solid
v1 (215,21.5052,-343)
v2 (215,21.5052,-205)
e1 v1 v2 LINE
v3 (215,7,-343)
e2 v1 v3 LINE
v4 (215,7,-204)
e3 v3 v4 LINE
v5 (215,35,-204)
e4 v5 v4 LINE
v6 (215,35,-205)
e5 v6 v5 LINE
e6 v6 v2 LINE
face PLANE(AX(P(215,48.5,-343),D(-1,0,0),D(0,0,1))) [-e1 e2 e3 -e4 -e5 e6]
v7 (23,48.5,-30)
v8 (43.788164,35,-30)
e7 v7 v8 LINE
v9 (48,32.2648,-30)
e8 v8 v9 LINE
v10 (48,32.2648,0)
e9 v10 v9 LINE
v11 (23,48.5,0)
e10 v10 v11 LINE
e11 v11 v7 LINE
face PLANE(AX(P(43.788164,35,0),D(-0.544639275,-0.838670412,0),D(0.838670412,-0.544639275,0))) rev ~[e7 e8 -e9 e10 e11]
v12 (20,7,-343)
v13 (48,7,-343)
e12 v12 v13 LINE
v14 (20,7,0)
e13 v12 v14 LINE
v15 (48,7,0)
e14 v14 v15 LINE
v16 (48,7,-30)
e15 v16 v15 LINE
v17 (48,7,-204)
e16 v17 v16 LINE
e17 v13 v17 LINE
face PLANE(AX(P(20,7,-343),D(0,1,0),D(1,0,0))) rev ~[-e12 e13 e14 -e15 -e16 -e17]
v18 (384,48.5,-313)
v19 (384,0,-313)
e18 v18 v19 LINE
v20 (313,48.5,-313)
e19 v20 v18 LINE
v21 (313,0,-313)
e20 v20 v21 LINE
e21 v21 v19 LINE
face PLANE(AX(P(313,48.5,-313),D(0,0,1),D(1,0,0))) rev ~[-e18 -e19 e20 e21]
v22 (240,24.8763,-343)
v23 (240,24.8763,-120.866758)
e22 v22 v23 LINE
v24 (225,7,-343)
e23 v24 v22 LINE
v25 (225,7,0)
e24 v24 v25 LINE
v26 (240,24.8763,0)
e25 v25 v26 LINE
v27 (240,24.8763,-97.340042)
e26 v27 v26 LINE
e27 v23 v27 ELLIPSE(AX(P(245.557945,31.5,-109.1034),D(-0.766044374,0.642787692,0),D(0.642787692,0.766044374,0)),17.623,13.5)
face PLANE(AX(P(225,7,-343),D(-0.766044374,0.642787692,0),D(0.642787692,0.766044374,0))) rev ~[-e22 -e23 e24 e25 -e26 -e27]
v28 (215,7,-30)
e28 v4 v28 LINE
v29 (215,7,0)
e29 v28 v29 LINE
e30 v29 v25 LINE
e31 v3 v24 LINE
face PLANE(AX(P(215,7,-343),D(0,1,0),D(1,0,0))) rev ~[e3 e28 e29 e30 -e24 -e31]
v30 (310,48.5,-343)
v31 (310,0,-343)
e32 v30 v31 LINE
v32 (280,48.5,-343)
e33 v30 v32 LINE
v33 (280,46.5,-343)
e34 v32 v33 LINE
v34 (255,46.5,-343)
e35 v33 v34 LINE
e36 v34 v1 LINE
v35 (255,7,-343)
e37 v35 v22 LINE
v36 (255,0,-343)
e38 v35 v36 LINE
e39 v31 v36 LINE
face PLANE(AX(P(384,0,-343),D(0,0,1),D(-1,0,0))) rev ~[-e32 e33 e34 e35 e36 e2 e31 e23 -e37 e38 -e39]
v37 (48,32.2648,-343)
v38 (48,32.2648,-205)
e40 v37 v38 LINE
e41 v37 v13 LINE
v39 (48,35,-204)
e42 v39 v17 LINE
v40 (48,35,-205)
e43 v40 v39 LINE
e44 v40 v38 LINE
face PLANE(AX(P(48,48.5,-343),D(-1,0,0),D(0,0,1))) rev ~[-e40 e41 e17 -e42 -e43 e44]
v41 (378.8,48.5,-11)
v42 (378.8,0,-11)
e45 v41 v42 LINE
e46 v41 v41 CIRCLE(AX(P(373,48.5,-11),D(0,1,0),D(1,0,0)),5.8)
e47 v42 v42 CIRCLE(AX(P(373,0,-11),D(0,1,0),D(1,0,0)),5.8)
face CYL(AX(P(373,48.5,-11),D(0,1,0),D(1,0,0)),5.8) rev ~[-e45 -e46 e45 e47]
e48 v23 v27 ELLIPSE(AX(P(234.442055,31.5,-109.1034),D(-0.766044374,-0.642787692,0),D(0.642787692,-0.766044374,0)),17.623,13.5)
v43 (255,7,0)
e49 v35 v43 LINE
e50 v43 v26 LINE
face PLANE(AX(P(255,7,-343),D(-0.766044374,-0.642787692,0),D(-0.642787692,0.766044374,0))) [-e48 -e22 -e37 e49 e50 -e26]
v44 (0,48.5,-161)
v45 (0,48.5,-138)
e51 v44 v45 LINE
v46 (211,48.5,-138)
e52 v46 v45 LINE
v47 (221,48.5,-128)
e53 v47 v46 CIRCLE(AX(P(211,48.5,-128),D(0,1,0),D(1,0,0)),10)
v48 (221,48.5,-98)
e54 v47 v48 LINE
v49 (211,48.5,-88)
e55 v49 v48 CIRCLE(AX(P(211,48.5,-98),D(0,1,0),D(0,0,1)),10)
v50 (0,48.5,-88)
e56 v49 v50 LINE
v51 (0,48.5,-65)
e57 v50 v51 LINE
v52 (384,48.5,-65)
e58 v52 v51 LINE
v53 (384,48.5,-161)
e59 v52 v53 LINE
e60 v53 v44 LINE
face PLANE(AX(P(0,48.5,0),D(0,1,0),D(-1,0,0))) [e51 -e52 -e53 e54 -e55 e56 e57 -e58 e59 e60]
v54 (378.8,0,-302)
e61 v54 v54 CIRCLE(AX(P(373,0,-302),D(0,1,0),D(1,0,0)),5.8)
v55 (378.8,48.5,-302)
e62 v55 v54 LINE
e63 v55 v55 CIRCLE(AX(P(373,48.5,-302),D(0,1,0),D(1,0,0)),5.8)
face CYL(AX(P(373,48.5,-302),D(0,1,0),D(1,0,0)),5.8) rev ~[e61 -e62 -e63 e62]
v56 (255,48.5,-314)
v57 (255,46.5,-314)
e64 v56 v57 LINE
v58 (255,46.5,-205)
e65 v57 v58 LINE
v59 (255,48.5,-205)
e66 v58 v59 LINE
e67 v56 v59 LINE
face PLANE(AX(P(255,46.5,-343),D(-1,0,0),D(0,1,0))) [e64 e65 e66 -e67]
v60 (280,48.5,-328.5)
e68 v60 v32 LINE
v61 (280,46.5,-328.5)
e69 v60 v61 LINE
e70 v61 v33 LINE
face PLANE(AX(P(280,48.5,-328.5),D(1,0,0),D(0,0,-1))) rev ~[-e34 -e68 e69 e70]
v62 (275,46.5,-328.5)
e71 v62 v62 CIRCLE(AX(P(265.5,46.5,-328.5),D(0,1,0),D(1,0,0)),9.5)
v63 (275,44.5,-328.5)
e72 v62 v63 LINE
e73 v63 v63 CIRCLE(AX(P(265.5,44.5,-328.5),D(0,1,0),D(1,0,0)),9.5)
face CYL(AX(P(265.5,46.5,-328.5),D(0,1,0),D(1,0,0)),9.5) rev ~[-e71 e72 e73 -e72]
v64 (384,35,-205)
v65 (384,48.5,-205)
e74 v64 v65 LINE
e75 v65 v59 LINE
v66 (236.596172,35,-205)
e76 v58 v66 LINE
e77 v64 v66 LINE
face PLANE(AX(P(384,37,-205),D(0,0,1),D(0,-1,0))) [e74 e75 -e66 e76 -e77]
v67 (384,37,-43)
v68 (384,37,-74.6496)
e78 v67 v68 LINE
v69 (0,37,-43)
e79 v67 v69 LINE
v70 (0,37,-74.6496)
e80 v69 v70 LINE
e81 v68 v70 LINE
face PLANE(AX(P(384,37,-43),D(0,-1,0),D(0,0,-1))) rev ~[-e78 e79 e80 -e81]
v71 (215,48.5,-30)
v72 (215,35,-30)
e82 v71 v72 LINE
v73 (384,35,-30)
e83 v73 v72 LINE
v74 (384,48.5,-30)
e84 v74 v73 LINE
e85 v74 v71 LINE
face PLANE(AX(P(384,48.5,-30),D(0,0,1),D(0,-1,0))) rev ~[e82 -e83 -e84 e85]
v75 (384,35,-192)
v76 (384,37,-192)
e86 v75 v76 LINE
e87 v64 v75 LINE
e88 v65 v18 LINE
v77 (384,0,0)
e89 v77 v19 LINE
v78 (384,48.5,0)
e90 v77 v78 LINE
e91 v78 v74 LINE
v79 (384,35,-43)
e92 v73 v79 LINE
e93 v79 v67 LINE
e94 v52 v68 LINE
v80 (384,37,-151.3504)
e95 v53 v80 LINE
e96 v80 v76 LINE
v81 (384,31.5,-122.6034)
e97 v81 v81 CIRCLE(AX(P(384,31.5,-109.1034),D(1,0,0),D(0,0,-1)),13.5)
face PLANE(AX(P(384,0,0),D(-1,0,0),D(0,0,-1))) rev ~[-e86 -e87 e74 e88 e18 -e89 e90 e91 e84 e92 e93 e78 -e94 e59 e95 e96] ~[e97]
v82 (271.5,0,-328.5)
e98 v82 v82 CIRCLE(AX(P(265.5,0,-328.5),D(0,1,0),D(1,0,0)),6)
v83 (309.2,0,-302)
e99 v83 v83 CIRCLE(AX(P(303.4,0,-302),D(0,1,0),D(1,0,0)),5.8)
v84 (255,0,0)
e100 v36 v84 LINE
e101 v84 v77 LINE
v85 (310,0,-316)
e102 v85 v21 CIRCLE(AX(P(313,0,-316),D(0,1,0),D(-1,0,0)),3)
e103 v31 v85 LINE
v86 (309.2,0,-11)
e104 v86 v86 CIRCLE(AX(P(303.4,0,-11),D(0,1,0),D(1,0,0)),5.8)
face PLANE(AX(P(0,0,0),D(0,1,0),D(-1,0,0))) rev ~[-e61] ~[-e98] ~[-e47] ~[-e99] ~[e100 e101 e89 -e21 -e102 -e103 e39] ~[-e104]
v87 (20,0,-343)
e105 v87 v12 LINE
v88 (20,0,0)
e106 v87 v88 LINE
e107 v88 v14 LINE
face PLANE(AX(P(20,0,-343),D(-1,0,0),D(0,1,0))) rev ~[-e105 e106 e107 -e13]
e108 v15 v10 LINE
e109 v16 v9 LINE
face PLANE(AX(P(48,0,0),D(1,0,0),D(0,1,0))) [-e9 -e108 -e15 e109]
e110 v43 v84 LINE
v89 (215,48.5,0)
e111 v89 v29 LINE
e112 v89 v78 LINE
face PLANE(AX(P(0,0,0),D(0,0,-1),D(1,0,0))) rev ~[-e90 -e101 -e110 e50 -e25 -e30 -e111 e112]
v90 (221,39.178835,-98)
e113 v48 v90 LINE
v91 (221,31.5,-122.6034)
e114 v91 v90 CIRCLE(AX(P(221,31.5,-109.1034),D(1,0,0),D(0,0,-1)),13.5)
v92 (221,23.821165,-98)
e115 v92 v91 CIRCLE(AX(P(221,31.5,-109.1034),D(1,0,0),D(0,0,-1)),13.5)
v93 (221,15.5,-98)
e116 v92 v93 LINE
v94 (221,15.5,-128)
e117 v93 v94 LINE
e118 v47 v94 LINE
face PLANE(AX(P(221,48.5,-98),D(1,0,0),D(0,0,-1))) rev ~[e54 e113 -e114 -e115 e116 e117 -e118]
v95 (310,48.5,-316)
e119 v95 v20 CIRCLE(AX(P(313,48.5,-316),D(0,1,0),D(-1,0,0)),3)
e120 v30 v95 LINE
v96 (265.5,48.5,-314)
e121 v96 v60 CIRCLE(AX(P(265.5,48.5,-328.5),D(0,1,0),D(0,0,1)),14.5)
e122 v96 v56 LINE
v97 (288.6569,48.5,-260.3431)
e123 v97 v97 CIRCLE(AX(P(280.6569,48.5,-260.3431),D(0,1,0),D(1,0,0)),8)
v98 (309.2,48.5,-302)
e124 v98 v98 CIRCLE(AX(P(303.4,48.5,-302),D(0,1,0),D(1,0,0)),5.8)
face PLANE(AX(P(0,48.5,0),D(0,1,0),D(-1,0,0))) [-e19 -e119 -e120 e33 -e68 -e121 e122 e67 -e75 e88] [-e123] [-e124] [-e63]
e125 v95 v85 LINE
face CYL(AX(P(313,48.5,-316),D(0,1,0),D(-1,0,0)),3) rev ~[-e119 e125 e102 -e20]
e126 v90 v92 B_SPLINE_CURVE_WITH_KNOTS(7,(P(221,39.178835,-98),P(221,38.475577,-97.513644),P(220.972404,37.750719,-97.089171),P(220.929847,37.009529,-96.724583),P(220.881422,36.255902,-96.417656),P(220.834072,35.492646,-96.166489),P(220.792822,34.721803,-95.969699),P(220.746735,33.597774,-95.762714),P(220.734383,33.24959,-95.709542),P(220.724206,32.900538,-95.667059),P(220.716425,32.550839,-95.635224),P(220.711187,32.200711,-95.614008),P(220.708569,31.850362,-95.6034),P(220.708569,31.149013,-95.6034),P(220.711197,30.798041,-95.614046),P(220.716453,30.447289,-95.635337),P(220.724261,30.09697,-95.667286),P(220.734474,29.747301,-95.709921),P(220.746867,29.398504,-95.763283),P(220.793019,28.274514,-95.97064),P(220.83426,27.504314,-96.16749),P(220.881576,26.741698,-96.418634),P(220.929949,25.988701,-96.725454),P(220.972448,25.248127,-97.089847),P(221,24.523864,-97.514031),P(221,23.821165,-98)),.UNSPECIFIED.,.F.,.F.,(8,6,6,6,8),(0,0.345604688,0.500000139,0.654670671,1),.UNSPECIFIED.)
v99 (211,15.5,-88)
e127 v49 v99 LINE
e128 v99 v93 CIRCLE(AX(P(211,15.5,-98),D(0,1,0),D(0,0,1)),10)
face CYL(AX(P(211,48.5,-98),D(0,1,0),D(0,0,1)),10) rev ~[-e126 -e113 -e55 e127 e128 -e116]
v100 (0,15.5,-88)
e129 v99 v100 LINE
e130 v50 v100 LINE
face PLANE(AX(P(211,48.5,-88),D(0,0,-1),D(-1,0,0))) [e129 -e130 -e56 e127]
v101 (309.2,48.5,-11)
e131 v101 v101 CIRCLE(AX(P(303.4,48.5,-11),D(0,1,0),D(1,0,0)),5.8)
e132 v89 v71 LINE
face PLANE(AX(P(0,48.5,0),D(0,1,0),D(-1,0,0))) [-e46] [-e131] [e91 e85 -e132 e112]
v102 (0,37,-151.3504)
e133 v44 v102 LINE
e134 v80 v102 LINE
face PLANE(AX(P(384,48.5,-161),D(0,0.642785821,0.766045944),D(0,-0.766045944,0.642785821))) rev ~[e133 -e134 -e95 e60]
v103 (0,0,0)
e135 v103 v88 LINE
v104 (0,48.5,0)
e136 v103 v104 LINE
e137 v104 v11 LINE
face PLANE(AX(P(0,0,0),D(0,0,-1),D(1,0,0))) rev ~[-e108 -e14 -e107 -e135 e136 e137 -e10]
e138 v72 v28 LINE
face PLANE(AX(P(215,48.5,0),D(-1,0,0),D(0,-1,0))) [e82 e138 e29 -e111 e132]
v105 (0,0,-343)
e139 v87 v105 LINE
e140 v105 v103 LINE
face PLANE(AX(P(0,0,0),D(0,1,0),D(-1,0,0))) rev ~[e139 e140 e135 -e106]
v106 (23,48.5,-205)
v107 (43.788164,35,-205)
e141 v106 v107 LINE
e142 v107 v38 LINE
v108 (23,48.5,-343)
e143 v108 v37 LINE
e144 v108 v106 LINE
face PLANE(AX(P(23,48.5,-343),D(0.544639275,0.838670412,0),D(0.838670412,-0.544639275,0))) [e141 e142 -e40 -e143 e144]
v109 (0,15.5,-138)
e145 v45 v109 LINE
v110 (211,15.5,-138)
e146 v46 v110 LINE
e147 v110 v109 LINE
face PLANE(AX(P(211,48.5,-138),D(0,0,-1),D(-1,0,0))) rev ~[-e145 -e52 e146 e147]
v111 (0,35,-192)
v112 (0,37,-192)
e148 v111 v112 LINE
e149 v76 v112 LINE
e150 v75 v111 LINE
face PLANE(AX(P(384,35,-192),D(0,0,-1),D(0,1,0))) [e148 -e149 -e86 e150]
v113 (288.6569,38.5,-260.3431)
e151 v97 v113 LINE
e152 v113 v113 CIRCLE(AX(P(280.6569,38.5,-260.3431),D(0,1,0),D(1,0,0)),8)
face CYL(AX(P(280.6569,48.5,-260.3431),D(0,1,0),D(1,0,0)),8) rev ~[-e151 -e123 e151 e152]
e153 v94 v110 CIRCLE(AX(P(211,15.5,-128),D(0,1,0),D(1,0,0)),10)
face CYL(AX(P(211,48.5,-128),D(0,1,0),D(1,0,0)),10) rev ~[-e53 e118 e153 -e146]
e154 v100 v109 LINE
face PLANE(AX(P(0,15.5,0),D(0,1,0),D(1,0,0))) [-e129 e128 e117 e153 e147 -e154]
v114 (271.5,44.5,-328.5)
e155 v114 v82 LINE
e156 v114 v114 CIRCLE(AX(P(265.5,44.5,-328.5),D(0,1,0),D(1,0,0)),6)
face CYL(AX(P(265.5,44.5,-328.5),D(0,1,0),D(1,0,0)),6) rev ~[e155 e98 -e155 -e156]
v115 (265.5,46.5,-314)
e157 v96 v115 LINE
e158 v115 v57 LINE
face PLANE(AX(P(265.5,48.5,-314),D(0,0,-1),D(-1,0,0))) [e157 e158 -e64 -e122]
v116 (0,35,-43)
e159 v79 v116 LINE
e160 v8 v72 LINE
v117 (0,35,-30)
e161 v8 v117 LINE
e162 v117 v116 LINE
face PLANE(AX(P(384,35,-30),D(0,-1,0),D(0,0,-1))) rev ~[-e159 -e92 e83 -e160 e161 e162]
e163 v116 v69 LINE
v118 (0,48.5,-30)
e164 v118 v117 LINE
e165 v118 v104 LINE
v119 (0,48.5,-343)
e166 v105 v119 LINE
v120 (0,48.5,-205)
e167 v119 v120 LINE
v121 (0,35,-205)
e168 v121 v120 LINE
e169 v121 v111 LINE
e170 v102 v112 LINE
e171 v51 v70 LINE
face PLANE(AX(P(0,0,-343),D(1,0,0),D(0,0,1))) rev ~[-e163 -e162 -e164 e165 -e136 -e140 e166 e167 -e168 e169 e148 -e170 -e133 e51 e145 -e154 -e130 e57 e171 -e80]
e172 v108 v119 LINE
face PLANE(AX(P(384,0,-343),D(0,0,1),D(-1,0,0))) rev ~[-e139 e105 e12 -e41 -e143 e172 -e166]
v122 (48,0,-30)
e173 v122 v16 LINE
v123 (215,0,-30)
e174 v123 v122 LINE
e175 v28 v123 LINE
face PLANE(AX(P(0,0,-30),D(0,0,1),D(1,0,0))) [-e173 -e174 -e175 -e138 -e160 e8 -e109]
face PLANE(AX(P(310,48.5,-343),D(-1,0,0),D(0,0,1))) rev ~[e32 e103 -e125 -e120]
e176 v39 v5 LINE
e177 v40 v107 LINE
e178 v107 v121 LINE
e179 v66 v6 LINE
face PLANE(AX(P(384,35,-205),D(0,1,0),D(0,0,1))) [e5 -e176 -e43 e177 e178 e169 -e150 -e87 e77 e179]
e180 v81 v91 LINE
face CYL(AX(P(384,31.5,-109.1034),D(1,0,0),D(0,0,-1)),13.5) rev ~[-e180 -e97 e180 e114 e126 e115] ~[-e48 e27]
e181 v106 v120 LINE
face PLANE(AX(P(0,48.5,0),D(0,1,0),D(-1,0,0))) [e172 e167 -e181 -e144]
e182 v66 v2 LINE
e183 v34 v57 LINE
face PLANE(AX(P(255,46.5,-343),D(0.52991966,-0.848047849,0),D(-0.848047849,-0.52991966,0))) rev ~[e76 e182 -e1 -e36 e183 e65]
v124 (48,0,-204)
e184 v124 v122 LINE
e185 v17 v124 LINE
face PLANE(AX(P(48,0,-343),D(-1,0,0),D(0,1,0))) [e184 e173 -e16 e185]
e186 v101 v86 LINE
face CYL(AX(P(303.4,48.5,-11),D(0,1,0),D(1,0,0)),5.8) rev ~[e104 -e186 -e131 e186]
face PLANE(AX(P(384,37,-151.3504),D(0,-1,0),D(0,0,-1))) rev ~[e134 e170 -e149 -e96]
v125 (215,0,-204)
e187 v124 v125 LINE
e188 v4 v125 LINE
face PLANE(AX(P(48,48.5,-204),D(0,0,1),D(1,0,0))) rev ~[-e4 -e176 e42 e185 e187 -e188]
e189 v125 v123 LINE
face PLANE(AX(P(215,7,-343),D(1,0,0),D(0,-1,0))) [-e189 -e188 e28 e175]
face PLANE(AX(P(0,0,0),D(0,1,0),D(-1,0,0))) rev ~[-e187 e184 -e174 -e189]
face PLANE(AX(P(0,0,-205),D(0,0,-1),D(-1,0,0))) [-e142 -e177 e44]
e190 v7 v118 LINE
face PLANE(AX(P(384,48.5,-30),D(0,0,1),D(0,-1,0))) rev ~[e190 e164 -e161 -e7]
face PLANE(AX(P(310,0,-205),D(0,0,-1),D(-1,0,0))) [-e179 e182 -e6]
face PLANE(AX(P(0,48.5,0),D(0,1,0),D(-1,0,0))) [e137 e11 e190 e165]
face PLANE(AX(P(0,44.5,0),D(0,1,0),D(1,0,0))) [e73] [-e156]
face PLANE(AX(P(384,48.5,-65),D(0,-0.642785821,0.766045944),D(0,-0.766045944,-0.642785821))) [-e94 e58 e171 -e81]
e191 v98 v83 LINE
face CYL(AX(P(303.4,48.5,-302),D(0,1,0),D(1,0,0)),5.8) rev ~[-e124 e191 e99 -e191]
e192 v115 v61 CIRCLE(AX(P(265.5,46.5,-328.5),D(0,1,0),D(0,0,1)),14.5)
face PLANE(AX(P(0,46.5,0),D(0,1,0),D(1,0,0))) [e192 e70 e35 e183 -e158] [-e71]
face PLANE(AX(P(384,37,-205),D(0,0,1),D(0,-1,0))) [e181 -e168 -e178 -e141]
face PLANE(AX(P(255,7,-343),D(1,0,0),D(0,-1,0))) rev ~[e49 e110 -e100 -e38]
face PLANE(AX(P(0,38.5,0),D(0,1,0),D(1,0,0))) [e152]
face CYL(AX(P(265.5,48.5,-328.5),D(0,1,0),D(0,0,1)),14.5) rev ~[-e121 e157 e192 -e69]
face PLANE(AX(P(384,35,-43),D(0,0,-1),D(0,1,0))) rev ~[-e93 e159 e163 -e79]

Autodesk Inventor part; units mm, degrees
ref_plane "YZ Plane" through (0, 0, 0) normal (1, 0, 0) x (0, 1, 0)
ref_plane "XZ Plane" through (0, 0, 0) normal (0, 1, 0) x (-1, 0, 0)
ref_plane "XY Plane" through (0, 0, 0) normal (0, 0, 1) x (1, 0, 0)
sketch "Sketch1" plane through (0, 0, 0) normal (0, 1, 0) x (-1, 0, 0)
  line L0 (0, 0) -> (-384, 0)
  line L1 (-384, 0) -> (-384, -343)
  line L2 (-384, -343) -> (0, -343)
  line L3 (0, -343) -> (0, 0)
  dimension "d0" = 384
  dimension "d1" = 343
extrude "Extrusion1" add sketch "Sketch1" along normal blind 48.5
sketch "Sketch3" plane through (384, 0, 0) normal (1, 0, 0) x (0, 0, -1)
  line L0 (0, 0) -> (343, 0) projected
  line L1 (0, 0) -> (0, 48.5) projected
  line L2 (343, 0) -> (343, 48.5) projected
  line L3 (30, 48.5) -> (65, 48.5)
  line L4 (30, 48.5) -> (30, 37)
  line L5 (65, 48.5) -> (74.6496, 37)
  line L6 (43, 37) -> (74.6496, 37)
  line L7 (30, 37) -> (30, 35)
  line L8 (30, 35) -> (43, 35)
  line L9 (43, 35) -> (43, 37)
  dimension "d23" = 35
  dimension "d37" = 2
  dimension "d38" = 13
extrude "Extrusion2" cut sketch "Sketch3" against normal through all
sketch "Sketch7" plane through (384, 0, 0) normal (1, 0, 0) x (0, 0, -1)
  line L0 (65, 48.5) -> (343, 48.5) projected
  line L1 (65, 48.5) -> (161, 48.5)
  line L2 (161, 48.5) -> (174.2196, 48.5) construction
  line L3 (161, 48.5) -> (205, 48.5)
  line L4 (0, 0) -> (343, 0) projected
  line L5 (151.3504, 37) -> (192, 37)
  line L6 (205, 37) -> (205, 48.5)
  line L7 (161, 48.5) -> (151.3504, 37)
  line L8 (161, 48.5) -> (183.0653, 48.5) construction
  line L9 (205, 37) -> (205, 35)
  line L10 (205, 35) -> (192, 35)
  line L11 (192, 35) -> (192, 37)
  dimension "d27" = 96
  dimension "d29" = 44
  dimension "d32" = 130
extrude "Extrusion3" cut sketch "Sketch7" against normal through all
sketch "Sketch8" plane through (0, 48.5, 0) normal (0, 1, 0) x (1, 0, 0)
  line L0 (310, 343) -> (310, 316)
  line L1 (313, 313) -> (384, 313)
  line L2 (384, 0) -> (384, 343) projected
  line L3 (384, 313) -> (384, 343)
  line L4 (384, 343) -> (310, 343)
  line L5 (384, 343) -> (0, 343) projected
  arc A0 (310, 316) -> (313, 313) centre (313, 316) ccw
  point P0 (0, 0)
  point P1 (310, 313)
  dimension "d43" = 30
  dimension "d46" = 3
extrude "Extrusion4" cut sketch "Sketch8" against normal through all
sketch "Sketch9" plane through (0, 0, -343) normal (0, 0, -1) x (-1, 0, 0)
  line L0 (-215, 7) -> (-225, 7)
  line L1 (-255, 7) -> (-255, 0)
  line L2 (-255, 7) -> (-240, 24.8763)
  line L3 (-225, 7) -> (-240, 24.8763)
  line L4 (-215, 7) -> (-215, 0)
  line L5 (-255, 0) -> (-215, 0)
  dimension "d50" = 10
extrude "Extrusion5" cut sketch "Sketch9" against normal through all
sketch "Sketch10" plane through (0, 48.5, 0) normal (0, 1, 0) x (1, 0, 0)
  line L0 (215, 343) -> (215, 0) projected
  line L1 (215, 343) -> (215, 0) projected
  line L2 (310, 343) -> (0, 343) projected
  line L3 (384, 151.3504) -> (0, 151.3504) projected
  line L4 (215, 343) -> (48, 343)
  line L5 (48, 343) -> (48, 204)
  line L6 (48, 204) -> (215, 204)
  line L7 (215, 204) -> (215, 343)
  point P0 (0, 0)
  dimension "d58" = 167
  dimension "d59" = 139
extrude "Extrusion6" cut sketch "Sketch10" against normal through all
sketch "Sketch11" plane through (0, 0, -343) normal (0, 0, -1) x (-1, 0, 0)
  line L0 (-20, 0) -> (-20, 7)
  line L1 (-20, 7) -> (-48, 7)
  line L2 (-48, 0) -> (-48, 7)
  line L3 (-48, 0) -> (-20, 0)
  dimension "d65" = 7
extrude "Extrusion7" cut sketch "Sketch11" against normal through all
sketch "Sketch12" plane through (0, 48.5, 0) normal (0, 1, 0) x (1, 0, 0)
  line L0 (221, 113) -> (221, 128)
  line L1 (211, 88) -> (0, 88)
  line L2 (211, 138) -> (0, 138)
  arc A0 (211, 88) -> (221, 98) centre (211, 98) ccw
  arc A1 (221, 128) -> (211, 138) centre (211, 128) ccw
  line L3 (221, 98) -> (221, 113)
  line L4 (0, 88) -> (0, 138)
  point P0 (384, 161)
  point P1 (221, 88)
  dimension "d72" = 10
extrude "Extrusion8" cut sketch "Sketch12" against normal blind 33
sketch "Sketch14" plane through (384, 0, 0) normal (1, 0, 0) x (0, 0, -1)
  circle A0 centre (109.1034, 31.5) radius 13.5
  line L0 (65, 48.5) -> (161, 48.5) projected
  point P0 (0, 0)
  dimension "d92" = 27
  dimension "d97" = 17
extrude "Extrusion10" cut sketch "Sketch14" against normal through all
sketch "Sketch17" plane through (0, 0, -343) normal (0, 0, -1) x (-1, 0, 0)
  line L0 (-23, 48.5) -> (-48, 32.2648)
  line L1 (-211, 15.5) -> (0, 15.5) projected
  line L2 (-48, 35) -> (-48, 7) projected
  line L3 (-48, 32.2648) -> (-48, 48.5)
  line L4 (-23, 48.5) -> (-48, 48.5)
  point P0 (0, 0)
  point P1 (0, 48.5)
  dimension "d98" = 23
extrude "Extrusion11" cut sketch "Sketch17" against normal up to surface (138 mm away)
sketch "Sketch19" plane through (310, 0, -343) normal (0, 0, -1) x (-1, 0, 0)
  line L0 (0, 48.5) -> (0, 0) projected
  line L1 (55, 46.5) -> (74.3713, 46.5) construction
  line L2 (55, 46.5) -> (95, 21.5052)
  line L3 (55, 46.5) -> (104.9882, 46.5) construction
  line L4 (55, 46.5) -> (55, 48.5)
  line L5 (55, 48.5) -> (95, 48.5)
  line L6 (89, 48.5) -> (99, 48.5) projected
  line L7 (95, 48.5) -> (95, 21.5052)
  line L8 (95, 7) -> (95, 48.5) projected
  point P0 (310, 0)
  dimension "d109" = 32
extrude "Extrusion12" cut sketch "Sketch19" against normal up to surface (138 mm away)
sketch "Sketch25" plane through (0, 48.5, 0) normal (0, 1, 0) x (1, 0, 0)
  arc A0 (310, 316) -> (313, 313) centre (313, 316) ccw projected
  line L0 (265.5, 314) -> (255, 314)
  line L1 (255, 343) -> (255, 0) projected
  line L2 (310, 343) -> (255, 343) projected
  line L3 (280, 328.5) -> (280, 343)
  arc A1 (265.5, 314) -> (280, 328.5) centre (265.5, 328.5) ccw
  line L4 (280, 343) -> (255, 343)
  line L5 (255, 314) -> (255, 343)
  point P0 (0, 0)
extrude "Extrusion16" cut sketch "Sketch25" against normal blind 2
sketch "Sketch26" plane through (0, 46.5, 0) normal (0, 1, 0) x (1, 0, 0)
  line L0 (280, 343) -> (280, 328.5) projected
  circle A0 centre (265.5, 328.5) radius 9.5
  point P0 (0, 0)
  dimension "d136" = 19
extrude "Extrusion17" cut sketch "Sketch26" against normal blind 2
sketch "Sketch27" plane through (265.5, 44.5, -328.5) normal (0, 1, 0) x (1, 0, 0)
  circle A0 centre (0, 0) radius 6
  point P0 (-265.5, -328.5)
  dimension "d139" = 12
extrude "Extrusion18" cut sketch "Sketch27" against normal through all
sketch "Sketch28" plane through (0, 48.5, 0) normal (0, 1, 0) x (1, 0, 0)
  circle A0 centre (373, 302) radius 5.8
  circle A1 centre (303.4, 302) radius 5.8
  circle A2 centre (373, 11) radius 5.8
  circle A3 centre (303.4, 11) radius 5.8
  point P0 (0, 0)
  point P1 (384, 313)
  point P2 (384, 0)
  dimension "d146" = 11.6
  dimension "d149" = 11.6
  dimension "d152" = 11.6
  dimension "d155" = 11.6
extrude "Extrusion19" cut sketch "Sketch28" against normal through all
sketch "Sketch29" plane through (0, 48.5, 0) normal (0, 0, 1) x (1, 0, 0)
  line L0 (0, -48.5) -> (0, 0) projected
  line L1 (0, 0) -> (384, 0) projected
  line L2 (23, 0) -> (48, -16.2352) projected
  line L3 (23, 0) -> (48, -16.2352)
  line L4 (48, -48.5) -> (215, -48.5) projected
  line L5 (23, 0) -> (48, 0)
  line L6 (48, -16.2352) -> (48, 0)
  line L7 (384, -13.5) -> (0, -13.5) projected
extrude "Extrusion20" cut sketch "Sketch29" against normal up to surface (30 mm away) contours L7 L6 L2 | L2 L1 L6 L7
sketch "Sketch30" plane through (0, 0, 0) normal (0, 0, 1) x (1, 0, 0)
  line L0 (48, 48.5) -> (215, 48.5)
  line L1 (215, 48.5) -> (215, 0)
  line L2 (215, 0) -> (48, 0)
  line L3 (48, 0) -> (48, 48.5)
  point P0 (0, 0)
extrude "Extrusion21" cut sketch "Sketch30" against normal up to surface (30 mm away)
sketch "Sketch32" plane through (0, 48.5, 0) normal (0, 1, 0) x (1, 0, 0)
  line L0 (275, 266) -> (283, 266) construction
  circle A0 centre (280.6569, 260.3431) radius 8
  point P0 (0, 0)
  point P1 (255, 343)
  dimension "d168" = 16
extrude "Extrusion22" cut sketch "Sketch32" against normal blind 10
properties part number "saddle"
